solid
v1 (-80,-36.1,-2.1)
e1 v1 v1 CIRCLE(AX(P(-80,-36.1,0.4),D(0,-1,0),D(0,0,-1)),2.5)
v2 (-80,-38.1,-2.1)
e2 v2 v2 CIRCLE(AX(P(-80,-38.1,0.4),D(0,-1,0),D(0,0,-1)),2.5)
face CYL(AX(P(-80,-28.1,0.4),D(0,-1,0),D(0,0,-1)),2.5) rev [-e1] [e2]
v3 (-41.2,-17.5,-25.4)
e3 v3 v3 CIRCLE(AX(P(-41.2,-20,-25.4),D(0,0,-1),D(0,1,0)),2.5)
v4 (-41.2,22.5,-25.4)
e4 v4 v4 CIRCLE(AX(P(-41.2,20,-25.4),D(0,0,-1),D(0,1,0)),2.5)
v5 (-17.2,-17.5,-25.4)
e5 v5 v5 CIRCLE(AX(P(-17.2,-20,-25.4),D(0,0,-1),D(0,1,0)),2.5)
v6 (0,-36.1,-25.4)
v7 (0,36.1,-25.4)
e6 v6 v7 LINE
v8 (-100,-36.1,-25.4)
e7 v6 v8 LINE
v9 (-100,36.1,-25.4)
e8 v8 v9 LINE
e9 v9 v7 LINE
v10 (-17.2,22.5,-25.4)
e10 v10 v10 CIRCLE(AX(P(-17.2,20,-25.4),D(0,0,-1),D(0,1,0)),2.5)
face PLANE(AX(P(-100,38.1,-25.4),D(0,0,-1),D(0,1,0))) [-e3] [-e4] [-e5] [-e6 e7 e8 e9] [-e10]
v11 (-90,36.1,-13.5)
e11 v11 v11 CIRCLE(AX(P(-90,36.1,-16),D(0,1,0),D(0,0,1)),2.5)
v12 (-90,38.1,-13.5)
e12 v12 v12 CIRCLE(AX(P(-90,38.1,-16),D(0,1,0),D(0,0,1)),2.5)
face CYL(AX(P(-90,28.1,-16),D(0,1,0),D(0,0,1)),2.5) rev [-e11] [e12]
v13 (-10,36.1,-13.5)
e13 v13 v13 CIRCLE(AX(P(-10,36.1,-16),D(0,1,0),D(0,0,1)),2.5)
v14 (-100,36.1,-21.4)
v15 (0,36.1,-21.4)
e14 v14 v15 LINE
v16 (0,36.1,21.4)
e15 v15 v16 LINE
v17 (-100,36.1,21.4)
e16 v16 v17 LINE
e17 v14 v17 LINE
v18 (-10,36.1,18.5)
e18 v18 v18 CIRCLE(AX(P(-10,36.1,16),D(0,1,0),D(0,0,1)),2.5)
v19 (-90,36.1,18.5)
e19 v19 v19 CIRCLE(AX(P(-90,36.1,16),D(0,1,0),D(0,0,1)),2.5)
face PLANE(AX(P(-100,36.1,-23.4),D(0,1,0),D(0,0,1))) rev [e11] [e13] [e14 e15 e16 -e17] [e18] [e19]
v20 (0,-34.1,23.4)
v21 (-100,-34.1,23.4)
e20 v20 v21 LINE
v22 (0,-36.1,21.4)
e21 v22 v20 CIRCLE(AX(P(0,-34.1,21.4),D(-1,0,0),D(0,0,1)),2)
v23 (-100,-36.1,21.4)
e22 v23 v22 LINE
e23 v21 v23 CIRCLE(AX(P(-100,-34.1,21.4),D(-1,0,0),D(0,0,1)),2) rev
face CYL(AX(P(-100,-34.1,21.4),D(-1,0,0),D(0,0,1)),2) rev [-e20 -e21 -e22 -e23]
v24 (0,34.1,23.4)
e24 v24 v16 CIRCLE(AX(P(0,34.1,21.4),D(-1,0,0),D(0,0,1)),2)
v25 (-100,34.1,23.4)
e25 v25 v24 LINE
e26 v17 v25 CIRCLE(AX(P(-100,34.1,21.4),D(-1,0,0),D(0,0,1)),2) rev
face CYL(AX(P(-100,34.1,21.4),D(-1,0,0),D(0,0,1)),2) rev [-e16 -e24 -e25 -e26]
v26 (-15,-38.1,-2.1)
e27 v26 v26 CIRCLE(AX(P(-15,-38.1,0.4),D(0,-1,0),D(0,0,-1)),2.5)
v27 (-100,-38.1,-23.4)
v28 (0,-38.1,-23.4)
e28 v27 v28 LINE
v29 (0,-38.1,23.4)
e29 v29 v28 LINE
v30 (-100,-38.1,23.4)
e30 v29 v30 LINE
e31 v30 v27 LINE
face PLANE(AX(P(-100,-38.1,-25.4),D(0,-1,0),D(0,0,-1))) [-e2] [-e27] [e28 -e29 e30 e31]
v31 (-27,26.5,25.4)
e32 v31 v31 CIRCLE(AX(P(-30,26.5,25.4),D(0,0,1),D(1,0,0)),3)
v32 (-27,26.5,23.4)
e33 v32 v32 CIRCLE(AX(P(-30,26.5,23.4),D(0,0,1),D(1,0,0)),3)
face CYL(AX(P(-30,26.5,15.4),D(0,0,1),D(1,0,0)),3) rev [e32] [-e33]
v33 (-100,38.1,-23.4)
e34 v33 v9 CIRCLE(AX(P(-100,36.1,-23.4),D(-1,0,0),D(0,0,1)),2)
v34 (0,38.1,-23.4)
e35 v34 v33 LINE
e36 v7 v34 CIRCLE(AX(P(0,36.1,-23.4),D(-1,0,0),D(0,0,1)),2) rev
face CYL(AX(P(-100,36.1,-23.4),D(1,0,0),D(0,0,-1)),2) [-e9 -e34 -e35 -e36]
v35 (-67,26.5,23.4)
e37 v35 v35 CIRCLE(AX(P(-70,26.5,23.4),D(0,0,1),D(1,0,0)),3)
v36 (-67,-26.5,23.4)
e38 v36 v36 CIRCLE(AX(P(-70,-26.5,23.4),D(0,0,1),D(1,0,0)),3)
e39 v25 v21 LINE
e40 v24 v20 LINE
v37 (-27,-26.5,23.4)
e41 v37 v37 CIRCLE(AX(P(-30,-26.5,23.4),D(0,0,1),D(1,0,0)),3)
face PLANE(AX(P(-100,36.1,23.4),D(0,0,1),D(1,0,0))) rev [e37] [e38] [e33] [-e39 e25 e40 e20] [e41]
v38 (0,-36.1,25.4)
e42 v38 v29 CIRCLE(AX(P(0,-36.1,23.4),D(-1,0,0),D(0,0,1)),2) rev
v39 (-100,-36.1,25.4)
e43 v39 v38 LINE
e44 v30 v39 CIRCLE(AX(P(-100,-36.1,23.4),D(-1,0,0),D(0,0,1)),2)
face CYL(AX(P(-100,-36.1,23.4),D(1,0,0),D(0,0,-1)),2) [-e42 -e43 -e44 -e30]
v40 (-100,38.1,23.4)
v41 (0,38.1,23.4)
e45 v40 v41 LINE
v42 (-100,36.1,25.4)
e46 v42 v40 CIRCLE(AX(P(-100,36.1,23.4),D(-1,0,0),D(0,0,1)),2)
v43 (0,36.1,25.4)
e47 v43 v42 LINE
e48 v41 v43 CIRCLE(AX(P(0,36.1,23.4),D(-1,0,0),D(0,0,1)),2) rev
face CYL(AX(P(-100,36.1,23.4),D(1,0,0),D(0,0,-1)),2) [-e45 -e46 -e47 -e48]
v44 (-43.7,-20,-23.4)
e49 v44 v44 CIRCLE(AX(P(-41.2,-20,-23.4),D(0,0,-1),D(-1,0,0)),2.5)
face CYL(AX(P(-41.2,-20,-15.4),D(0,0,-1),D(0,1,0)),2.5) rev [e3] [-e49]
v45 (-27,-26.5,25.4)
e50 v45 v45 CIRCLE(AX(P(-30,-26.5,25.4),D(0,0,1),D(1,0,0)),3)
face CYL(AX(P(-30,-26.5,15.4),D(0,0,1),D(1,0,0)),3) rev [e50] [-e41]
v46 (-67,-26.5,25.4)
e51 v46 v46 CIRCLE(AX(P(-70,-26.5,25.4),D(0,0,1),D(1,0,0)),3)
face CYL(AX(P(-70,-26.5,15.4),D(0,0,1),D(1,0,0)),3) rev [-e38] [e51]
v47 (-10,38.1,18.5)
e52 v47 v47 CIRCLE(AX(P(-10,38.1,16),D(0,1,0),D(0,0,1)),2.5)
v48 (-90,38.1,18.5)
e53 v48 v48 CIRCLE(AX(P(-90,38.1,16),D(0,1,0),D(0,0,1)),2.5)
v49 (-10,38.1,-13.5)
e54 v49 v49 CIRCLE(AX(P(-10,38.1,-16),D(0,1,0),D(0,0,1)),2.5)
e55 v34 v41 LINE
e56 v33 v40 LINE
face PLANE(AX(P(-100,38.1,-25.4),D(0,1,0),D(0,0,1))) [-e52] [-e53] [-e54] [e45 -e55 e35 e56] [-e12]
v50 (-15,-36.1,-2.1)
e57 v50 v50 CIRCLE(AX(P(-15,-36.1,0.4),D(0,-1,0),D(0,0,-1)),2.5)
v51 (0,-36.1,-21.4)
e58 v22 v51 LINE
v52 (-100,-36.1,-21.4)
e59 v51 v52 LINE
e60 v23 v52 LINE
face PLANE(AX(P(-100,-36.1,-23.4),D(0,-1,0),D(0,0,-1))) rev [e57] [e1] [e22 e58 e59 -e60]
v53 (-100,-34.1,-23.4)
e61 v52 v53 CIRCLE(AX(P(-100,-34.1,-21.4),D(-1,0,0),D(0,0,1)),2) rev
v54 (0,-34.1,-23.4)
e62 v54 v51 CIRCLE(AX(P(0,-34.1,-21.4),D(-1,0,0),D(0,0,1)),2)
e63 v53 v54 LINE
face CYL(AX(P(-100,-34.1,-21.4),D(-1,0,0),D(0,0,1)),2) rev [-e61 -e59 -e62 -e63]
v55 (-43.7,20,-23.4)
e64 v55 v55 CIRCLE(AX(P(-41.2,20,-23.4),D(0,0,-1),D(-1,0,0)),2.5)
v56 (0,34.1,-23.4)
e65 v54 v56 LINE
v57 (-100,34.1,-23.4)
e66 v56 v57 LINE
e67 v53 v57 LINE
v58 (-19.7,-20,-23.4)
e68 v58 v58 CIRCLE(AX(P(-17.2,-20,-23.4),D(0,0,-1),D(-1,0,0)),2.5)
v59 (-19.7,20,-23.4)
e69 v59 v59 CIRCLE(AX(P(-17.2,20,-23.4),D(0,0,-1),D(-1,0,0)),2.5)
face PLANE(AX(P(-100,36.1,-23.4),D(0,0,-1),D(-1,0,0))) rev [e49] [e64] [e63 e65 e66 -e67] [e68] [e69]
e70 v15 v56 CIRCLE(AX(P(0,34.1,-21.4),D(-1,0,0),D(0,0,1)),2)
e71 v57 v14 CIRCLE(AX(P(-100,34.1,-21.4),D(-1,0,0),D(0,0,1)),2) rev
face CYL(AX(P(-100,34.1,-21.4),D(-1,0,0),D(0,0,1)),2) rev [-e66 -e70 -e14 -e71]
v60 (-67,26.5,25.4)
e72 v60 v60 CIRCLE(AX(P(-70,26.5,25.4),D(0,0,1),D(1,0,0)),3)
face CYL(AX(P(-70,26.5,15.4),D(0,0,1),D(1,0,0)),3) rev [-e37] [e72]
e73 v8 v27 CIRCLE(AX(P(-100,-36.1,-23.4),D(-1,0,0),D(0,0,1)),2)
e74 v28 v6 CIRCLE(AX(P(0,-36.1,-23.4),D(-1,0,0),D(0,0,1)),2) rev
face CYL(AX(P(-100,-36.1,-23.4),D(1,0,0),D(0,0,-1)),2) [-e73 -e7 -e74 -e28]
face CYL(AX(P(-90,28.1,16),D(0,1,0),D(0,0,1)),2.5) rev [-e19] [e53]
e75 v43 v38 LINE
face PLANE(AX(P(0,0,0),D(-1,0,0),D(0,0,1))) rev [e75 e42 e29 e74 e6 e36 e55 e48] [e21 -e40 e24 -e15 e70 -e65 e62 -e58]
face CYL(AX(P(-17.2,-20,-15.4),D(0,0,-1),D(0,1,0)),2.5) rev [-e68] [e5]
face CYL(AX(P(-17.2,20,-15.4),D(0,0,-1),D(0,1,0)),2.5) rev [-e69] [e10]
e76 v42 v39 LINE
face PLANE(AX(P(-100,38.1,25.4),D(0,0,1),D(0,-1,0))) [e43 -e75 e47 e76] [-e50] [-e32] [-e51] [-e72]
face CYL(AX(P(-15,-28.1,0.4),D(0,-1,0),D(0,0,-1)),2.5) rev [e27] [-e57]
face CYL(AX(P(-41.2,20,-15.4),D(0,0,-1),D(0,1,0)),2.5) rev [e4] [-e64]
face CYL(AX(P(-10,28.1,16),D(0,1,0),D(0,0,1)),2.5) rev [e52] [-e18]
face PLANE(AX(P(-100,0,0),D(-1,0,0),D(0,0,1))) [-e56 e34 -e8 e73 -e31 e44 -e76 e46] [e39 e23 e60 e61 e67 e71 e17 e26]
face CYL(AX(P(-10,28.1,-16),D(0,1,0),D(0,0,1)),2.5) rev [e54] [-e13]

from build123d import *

# Parameters (mm, degrees)
SKETCH1_W             = 50.8
SKETCH1_H             = 76.2
BOSS_EXTRUDE1_DEPTH   = 100
SKETCH2_W             = 46.8
SKETCH2_H             = 72.2
CUT_EXTRUDE1_DEPTH    = 110.985317202
FILLET2_R             = 2
CORTAR_EXTRUIR2_DEPTH = 10
CROQUIS6_R            = 2.5
CORTAR_EXTRUIR6_DEPTH = 10
CROQUIS7_R            = 2.5
CORTAR_EXTRUIR7_DEPTH = 10
CROQUIS8_R            = 2.5
CORTAR_EXTRUIR8_DEPTH = 10


with BuildPart() as part:
    # Sketch1 → Boss-Extrude1 (new body)
    with BuildSketch(Plane(origin=(0, 0, 0), x_dir=(0, 0, -1), z_dir=(1, 0, 0))):
        Rectangle(SKETCH1_W, SKETCH1_H)
    extrude(amount=-BOSS_EXTRUDE1_DEPTH)

    # Sketch2 → Cut-Extrude1 (cut, through all)
    with BuildSketch(Plane(origin=(0, 0, 0), x_dir=(0, 0, -1), z_dir=(1, 0, 0))):
        Rectangle(SKETCH2_W, SKETCH2_H)
    extrude(amount=-CUT_EXTRUDE1_DEPTH, mode=Mode.SUBTRACT)

    # Fillet2
    fillet2_edges = [part.edges().sort_by_distance(p)[0] for p in [
        (-50, -36.1, 23.4),
        (-50, 36.1, 23.4),
        (-50, 36.1, -23.4),
        (-50, -36.1, -23.4),
        (-50, 38.1, 25.4),
        (-50, 38.1, -25.4),
        (-50, -38.1, -25.4),
        (-50, -38.1, 25.4),
    ]]
    fillet(fillet2_edges, radius=FILLET2_R)

    # Croquis2 → Cortar-Extruir2 (cut)
    with BuildSketch(Plane.XY.offset(25.4)):
        with BuildLine():
            ThreePointArc((-27, 26.5), (-30, 29.5), (-33, 26.5))
            Line((-33, 26.5), (-30, 26.5))
            Line((-30, 26.5), (-30, 23.5))
            ThreePointArc((-30, 23.5), (-27.878679656, 24.378679656), (-27, 26.5))
        make_face()
        with BuildLine():
            Line((-30, 26.5), (-33, 26.5))
            ThreePointArc((-33, 26.5), (-32.121320344, 24.378679656), (-30, 23.5))
            Line((-30, 23.5), (-30, 26.5))
        make_face()
        with BuildLine():
            ThreePointArc((-70, 23.5), (-67.878679656, 24.378679656), (-67, 26.5))
            Line((-67, 26.5), (-70, 26.5))
            Line((-70, 26.5), (-70, 23.5))
        make_face()
        with BuildLine():
            Line((-70, 26.5), (-67, 26.5))
            ThreePointArc((-67, 26.5), (-72.121320344, 28.621320344), (-70, 23.5))
            Line((-70, 23.5), (-70, 26.5))
        make_face()
        with BuildLine():
            ThreePointArc((-67, -26.5), (-67.878679656, -24.378679656), (-70, -23.5))
            Line((-70, -23.5), (-70, -26.5))
            Line((-70, -26.5), (-67, -26.5))
        make_face()
        with BuildLine():
            Line((-70, -26.5), (-70, -23.5))
            ThreePointArc((-70, -23.5), (-72.121320344, -28.621320344), (-67, -26.5))
            Line((-67, -26.5), (-70, -26.5))
        make_face()
        with BuildLine():
            ThreePointArc((-27, -26.5), (-27.878679656, -24.378679656), (-30, -23.5))
            Line((-30, -23.5), (-30, -26.5))
            Line((-30, -26.5), (-33, -26.5))
            ThreePointArc((-33, -26.5), (-30, -29.5), (-27, -26.5))
        make_face()
        with BuildLine():
            Line((-30, -26.5), (-30, -23.5))
            ThreePointArc((-30, -23.5), (-32.121320344, -24.378679656), (-33, -26.5))
            Line((-33, -26.5), (-30, -26.5))
        make_face()
    extrude(amount=-CORTAR_EXTRUIR2_DEPTH, mode=Mode.SUBTRACT)

    # Croquis6 → Cortar-Extruir6 (cut)
    with BuildSketch(Plane(origin=(0, 0, -25.4), x_dir=(-1, 0, 0), z_dir=(0, 0, -1))):
        with Locations(Location((17.2, 20, 0), (0, 0, 90))):
            Circle(CROQUIS6_R)
        with Locations(Location((17.2, -20, 0), (0, 0, 90))):
            Circle(CROQUIS6_R)
        with Locations(Location((41.2, -20, 0), (0, 0, 90))):
            Circle(CROQUIS6_R)
        with Locations(Location((41.2, 20, 0), (0, 0, 90))):
            Circle(CROQUIS6_R)
    extrude(amount=-CORTAR_EXTRUIR6_DEPTH, mode=Mode.SUBTRACT)

    # Croquis7 → Cortar-Extruir7 (cut)
    with BuildSketch(Plane.XZ.offset(38.1)):
        with Locations(Location((-15, 0.4, 0), (0, 0, 270))):
            Circle(CROQUIS7_R)
        with Locations(Location((-80, 0.4, 0), (0, 0, 270))):
            Circle(CROQUIS7_R)
    extrude(amount=-CORTAR_EXTRUIR7_DEPTH, mode=Mode.SUBTRACT)

    # Croquis8 → Cortar-Extruir8 (cut)
    with BuildSketch(Plane(origin=(0, 38.1, 0), x_dir=(1, 0, 0), z_dir=(0, 1, 0))):
        with Locations(Location((-90, 16, 0), (0, 0, 270))):
            Circle(CROQUIS8_R)
        with Locations(Location((-10, 16, 0), (0, 0, 270))):
            Circle(CROQUIS8_R)
        with Locations(Location((-90, -16, 0), (0, 0, 270))):
            Circle(CROQUIS8_R)
        with Locations(Location((-10, -16, 0), (0, 0, 270))):
            Circle(CROQUIS8_R)
    extrude(amount=-CORTAR_EXTRUIR8_DEPTH, mode=Mode.SUBTRACT)


solid = part.part
